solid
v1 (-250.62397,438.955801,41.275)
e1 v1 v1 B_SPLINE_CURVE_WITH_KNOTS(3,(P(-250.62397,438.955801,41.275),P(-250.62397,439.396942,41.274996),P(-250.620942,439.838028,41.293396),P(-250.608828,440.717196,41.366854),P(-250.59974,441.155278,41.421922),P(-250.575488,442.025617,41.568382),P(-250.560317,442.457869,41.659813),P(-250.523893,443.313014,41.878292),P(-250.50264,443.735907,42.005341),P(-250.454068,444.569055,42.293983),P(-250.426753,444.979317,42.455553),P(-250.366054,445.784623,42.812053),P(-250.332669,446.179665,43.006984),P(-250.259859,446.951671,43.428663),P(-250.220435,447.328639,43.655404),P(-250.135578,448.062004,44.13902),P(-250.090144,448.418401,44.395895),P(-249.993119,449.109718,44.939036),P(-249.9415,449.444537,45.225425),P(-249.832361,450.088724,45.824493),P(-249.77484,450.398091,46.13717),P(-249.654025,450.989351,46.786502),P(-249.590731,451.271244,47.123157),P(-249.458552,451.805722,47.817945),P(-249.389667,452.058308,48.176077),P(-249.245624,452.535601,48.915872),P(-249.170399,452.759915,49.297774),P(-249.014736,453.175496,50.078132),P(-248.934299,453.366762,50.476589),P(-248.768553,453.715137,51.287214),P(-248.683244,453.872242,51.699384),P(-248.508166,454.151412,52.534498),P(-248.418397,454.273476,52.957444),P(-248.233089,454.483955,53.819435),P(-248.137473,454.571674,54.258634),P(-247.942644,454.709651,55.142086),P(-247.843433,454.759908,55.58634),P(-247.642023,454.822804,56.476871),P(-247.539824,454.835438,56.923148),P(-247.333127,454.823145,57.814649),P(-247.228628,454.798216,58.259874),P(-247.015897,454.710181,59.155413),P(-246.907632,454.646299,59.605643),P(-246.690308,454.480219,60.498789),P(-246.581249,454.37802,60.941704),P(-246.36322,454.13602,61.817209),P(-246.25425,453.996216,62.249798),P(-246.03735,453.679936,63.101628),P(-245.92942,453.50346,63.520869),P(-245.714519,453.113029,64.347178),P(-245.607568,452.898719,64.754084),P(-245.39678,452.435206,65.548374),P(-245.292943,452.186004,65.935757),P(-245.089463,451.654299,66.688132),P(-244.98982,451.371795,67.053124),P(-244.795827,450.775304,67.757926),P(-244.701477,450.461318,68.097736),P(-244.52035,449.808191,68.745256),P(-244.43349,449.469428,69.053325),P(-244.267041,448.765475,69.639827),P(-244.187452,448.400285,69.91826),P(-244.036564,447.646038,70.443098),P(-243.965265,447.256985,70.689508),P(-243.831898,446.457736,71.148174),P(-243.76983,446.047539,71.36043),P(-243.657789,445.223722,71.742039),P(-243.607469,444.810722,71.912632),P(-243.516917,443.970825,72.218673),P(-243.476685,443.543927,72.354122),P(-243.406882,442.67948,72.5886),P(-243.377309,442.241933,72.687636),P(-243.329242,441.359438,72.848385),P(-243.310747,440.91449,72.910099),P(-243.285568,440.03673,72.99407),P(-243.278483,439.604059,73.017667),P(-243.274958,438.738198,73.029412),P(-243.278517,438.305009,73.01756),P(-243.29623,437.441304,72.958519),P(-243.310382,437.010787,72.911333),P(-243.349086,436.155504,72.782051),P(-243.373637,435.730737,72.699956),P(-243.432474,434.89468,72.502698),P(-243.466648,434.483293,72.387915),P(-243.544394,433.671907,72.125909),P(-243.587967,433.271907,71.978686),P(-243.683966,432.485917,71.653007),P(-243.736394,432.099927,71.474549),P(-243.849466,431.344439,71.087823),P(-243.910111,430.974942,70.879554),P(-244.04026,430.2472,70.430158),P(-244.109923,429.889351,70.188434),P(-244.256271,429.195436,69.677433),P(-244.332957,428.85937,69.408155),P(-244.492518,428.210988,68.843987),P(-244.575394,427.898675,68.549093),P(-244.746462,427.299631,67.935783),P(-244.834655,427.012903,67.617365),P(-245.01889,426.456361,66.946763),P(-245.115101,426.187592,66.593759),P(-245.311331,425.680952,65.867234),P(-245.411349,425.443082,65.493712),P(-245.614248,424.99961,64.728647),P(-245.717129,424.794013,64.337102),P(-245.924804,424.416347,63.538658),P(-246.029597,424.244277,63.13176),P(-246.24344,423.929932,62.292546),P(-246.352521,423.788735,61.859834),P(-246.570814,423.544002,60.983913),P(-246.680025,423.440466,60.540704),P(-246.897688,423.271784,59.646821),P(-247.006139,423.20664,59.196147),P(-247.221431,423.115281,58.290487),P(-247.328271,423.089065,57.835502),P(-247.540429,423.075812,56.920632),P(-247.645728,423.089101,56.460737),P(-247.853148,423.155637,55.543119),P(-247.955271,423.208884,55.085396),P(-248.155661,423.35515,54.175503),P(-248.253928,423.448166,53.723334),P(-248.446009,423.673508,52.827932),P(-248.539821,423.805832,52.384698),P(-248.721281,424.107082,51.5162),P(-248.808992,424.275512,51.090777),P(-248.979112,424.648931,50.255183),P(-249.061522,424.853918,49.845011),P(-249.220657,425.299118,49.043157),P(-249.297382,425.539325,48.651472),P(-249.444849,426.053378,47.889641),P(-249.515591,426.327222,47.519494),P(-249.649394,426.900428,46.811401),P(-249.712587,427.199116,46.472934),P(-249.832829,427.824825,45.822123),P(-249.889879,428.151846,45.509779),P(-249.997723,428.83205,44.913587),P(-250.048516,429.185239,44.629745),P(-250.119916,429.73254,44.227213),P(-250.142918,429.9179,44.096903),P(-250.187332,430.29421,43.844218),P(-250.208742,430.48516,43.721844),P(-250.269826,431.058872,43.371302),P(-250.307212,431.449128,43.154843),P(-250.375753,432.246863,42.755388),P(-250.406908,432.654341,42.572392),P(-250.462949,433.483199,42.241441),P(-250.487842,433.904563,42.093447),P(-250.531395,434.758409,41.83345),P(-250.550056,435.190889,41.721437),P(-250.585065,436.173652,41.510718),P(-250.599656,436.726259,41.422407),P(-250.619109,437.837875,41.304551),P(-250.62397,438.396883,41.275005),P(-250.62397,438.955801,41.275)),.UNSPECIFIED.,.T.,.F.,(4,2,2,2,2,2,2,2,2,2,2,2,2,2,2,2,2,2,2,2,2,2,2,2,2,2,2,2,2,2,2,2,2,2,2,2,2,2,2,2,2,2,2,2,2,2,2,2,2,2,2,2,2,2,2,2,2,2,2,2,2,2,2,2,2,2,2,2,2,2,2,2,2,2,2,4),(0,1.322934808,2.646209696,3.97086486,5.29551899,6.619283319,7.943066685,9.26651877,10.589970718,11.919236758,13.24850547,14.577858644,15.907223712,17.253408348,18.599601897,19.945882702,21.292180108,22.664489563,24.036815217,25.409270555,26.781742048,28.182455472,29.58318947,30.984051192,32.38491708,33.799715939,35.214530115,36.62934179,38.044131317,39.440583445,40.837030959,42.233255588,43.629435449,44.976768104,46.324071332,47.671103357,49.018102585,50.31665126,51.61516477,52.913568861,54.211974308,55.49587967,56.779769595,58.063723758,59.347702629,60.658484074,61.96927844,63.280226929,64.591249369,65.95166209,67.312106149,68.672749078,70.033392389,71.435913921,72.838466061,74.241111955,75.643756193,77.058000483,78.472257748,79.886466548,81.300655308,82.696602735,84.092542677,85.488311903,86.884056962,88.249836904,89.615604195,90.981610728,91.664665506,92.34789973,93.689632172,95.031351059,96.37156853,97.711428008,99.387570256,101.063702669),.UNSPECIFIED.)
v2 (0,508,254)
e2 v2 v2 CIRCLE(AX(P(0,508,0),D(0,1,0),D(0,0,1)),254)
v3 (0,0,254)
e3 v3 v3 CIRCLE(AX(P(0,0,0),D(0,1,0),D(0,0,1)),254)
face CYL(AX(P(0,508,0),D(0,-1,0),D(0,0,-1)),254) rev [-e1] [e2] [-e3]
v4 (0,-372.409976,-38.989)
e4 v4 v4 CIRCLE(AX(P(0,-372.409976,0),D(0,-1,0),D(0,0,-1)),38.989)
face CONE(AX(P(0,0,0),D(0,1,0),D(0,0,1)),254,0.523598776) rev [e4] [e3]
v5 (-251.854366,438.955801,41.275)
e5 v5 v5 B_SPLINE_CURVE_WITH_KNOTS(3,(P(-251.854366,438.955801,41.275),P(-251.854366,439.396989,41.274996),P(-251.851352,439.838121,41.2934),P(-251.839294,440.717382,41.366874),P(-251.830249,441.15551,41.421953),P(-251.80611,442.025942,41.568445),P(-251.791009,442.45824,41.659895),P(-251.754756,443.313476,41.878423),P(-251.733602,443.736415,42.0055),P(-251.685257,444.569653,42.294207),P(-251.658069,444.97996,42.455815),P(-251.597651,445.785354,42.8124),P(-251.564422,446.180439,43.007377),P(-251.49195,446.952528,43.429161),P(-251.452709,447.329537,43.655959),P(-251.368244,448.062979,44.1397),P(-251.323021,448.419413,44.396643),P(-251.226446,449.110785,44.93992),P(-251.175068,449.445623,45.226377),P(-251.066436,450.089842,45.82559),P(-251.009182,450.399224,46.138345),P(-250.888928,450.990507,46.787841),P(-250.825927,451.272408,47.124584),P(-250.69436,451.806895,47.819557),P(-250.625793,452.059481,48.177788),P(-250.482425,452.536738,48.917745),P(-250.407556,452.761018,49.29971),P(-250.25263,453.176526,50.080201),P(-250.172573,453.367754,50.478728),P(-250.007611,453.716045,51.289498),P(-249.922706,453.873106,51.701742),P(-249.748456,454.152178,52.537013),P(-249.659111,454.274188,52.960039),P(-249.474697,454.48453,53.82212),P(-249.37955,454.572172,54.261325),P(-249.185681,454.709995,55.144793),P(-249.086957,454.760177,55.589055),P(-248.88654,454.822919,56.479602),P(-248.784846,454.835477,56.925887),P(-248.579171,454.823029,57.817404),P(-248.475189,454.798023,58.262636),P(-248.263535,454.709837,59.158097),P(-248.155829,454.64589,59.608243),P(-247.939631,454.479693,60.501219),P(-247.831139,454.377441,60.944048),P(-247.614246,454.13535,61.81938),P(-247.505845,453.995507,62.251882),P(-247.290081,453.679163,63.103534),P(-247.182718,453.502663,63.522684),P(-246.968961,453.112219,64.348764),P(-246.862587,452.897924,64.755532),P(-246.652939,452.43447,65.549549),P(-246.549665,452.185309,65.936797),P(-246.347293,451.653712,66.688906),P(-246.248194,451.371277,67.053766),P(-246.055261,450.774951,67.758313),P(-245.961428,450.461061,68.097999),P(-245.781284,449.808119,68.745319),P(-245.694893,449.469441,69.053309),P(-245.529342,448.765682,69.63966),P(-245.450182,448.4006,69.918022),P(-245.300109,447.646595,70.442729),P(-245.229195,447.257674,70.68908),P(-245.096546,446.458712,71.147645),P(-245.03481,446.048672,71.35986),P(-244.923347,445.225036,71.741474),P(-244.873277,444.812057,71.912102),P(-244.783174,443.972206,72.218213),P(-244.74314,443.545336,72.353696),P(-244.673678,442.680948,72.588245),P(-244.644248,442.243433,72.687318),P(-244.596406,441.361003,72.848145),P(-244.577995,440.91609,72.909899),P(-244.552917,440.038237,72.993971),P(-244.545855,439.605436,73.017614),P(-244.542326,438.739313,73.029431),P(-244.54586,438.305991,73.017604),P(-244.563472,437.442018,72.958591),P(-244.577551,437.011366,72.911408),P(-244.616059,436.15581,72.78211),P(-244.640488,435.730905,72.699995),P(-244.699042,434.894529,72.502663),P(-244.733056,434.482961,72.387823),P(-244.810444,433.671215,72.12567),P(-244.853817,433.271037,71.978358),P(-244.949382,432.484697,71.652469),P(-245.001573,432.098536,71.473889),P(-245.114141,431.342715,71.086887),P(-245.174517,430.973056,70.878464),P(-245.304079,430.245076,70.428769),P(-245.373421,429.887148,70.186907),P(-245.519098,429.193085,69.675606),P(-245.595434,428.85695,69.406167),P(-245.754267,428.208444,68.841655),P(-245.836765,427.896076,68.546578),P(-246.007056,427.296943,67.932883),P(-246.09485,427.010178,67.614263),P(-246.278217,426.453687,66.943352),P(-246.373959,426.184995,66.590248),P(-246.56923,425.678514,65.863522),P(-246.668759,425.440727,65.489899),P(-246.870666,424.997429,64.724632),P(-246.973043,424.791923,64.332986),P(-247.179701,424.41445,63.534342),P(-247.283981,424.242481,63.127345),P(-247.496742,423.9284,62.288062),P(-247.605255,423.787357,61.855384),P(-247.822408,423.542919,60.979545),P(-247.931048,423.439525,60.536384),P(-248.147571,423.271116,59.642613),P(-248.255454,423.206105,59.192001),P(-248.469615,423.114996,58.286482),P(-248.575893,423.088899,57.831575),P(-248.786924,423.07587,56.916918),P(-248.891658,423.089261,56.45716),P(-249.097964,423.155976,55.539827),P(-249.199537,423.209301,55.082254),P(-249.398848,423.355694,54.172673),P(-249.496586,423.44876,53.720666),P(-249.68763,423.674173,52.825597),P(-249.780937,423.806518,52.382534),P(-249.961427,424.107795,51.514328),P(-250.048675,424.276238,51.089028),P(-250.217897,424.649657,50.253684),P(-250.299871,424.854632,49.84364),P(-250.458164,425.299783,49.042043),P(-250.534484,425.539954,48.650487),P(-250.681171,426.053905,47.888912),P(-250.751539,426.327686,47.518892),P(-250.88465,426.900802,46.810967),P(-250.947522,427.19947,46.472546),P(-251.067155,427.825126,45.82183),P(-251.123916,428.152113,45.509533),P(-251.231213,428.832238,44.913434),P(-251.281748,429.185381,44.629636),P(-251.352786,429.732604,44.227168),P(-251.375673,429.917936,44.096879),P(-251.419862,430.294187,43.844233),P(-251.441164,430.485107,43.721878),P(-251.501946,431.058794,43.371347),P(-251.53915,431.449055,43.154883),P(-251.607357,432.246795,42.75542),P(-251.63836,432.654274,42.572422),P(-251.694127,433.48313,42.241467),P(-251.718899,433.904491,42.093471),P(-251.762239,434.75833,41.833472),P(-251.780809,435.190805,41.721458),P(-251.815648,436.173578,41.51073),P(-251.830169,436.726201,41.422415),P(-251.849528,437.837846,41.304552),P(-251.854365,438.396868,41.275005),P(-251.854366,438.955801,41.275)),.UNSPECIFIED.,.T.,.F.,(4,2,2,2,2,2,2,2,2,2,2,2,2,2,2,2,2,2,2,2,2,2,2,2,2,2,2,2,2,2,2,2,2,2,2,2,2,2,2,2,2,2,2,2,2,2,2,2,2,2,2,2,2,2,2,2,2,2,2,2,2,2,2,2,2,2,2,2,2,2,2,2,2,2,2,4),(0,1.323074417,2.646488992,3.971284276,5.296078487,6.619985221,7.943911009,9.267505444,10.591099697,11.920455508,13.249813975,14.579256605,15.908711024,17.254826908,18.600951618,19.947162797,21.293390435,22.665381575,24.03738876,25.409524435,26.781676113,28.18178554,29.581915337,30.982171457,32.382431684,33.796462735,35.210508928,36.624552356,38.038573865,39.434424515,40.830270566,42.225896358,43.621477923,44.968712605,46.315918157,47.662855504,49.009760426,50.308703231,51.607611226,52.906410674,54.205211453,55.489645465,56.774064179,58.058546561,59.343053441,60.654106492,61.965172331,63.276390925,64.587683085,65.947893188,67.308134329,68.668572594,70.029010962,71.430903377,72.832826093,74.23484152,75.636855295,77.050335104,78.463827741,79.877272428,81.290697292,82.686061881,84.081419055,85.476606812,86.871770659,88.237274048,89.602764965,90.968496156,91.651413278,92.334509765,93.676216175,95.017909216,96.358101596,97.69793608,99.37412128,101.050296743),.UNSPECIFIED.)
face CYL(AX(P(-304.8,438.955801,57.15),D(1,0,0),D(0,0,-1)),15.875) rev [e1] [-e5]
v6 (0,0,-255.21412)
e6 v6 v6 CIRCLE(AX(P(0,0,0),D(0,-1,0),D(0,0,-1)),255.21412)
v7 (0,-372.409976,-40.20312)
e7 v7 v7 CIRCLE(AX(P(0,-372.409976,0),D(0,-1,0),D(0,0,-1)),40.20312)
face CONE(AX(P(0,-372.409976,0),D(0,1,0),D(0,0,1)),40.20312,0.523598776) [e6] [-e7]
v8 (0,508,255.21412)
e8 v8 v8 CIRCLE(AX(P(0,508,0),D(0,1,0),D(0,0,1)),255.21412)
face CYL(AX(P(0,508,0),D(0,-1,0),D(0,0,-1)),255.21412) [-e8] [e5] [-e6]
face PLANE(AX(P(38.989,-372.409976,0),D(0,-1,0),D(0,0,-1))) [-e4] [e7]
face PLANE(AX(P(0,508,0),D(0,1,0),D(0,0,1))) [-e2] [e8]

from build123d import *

# Parameters (mm, degrees)
SKETCH1_R           = 255.21412
SKETCH1_R_2         = 254
BOSS_EXTRUDE1_DEPTH = 508
SKETCH3_R           = 15.875
CUT_EXTRUDE1_DEPTH  = 304.8


with BuildPart() as part:
    # Sketch1 → Boss-Extrude1 (new body)
    with BuildSketch(Plane(origin=(0, 0, 0), x_dir=(1, 0, 0), z_dir=(0, 1, 0))):
        Circle(SKETCH1_R)
        Circle(SKETCH1_R_2, mode=Mode.SUBTRACT)
    extrude(amount=BOSS_EXTRUDE1_DEPTH)

    # Sketch2 → Revolve1 (revolve)
    with BuildSketch(Plane.XY):
        Polygon((254, 0), (38.989, -372.409976186), (40.20312, -372.409976186), (255.21412, 0), align=None)
    revolve(axis=Axis((0, -439.940905122, 0), (0, 1, 0)))

    # Sketch3 → Cut-Extrude1 (cut)
    with BuildSketch(Plane(origin=(0, 53.975, 0), x_dir=(0, 0, -1), z_dir=(1, 0, 0))):
        with Locations((-57.15, 384.980800527)):
            Circle(SKETCH3_R)
    extrude(amount=-CUT_EXTRUDE1_DEPTH, mode=Mode.SUBTRACT)


solid = part.part
